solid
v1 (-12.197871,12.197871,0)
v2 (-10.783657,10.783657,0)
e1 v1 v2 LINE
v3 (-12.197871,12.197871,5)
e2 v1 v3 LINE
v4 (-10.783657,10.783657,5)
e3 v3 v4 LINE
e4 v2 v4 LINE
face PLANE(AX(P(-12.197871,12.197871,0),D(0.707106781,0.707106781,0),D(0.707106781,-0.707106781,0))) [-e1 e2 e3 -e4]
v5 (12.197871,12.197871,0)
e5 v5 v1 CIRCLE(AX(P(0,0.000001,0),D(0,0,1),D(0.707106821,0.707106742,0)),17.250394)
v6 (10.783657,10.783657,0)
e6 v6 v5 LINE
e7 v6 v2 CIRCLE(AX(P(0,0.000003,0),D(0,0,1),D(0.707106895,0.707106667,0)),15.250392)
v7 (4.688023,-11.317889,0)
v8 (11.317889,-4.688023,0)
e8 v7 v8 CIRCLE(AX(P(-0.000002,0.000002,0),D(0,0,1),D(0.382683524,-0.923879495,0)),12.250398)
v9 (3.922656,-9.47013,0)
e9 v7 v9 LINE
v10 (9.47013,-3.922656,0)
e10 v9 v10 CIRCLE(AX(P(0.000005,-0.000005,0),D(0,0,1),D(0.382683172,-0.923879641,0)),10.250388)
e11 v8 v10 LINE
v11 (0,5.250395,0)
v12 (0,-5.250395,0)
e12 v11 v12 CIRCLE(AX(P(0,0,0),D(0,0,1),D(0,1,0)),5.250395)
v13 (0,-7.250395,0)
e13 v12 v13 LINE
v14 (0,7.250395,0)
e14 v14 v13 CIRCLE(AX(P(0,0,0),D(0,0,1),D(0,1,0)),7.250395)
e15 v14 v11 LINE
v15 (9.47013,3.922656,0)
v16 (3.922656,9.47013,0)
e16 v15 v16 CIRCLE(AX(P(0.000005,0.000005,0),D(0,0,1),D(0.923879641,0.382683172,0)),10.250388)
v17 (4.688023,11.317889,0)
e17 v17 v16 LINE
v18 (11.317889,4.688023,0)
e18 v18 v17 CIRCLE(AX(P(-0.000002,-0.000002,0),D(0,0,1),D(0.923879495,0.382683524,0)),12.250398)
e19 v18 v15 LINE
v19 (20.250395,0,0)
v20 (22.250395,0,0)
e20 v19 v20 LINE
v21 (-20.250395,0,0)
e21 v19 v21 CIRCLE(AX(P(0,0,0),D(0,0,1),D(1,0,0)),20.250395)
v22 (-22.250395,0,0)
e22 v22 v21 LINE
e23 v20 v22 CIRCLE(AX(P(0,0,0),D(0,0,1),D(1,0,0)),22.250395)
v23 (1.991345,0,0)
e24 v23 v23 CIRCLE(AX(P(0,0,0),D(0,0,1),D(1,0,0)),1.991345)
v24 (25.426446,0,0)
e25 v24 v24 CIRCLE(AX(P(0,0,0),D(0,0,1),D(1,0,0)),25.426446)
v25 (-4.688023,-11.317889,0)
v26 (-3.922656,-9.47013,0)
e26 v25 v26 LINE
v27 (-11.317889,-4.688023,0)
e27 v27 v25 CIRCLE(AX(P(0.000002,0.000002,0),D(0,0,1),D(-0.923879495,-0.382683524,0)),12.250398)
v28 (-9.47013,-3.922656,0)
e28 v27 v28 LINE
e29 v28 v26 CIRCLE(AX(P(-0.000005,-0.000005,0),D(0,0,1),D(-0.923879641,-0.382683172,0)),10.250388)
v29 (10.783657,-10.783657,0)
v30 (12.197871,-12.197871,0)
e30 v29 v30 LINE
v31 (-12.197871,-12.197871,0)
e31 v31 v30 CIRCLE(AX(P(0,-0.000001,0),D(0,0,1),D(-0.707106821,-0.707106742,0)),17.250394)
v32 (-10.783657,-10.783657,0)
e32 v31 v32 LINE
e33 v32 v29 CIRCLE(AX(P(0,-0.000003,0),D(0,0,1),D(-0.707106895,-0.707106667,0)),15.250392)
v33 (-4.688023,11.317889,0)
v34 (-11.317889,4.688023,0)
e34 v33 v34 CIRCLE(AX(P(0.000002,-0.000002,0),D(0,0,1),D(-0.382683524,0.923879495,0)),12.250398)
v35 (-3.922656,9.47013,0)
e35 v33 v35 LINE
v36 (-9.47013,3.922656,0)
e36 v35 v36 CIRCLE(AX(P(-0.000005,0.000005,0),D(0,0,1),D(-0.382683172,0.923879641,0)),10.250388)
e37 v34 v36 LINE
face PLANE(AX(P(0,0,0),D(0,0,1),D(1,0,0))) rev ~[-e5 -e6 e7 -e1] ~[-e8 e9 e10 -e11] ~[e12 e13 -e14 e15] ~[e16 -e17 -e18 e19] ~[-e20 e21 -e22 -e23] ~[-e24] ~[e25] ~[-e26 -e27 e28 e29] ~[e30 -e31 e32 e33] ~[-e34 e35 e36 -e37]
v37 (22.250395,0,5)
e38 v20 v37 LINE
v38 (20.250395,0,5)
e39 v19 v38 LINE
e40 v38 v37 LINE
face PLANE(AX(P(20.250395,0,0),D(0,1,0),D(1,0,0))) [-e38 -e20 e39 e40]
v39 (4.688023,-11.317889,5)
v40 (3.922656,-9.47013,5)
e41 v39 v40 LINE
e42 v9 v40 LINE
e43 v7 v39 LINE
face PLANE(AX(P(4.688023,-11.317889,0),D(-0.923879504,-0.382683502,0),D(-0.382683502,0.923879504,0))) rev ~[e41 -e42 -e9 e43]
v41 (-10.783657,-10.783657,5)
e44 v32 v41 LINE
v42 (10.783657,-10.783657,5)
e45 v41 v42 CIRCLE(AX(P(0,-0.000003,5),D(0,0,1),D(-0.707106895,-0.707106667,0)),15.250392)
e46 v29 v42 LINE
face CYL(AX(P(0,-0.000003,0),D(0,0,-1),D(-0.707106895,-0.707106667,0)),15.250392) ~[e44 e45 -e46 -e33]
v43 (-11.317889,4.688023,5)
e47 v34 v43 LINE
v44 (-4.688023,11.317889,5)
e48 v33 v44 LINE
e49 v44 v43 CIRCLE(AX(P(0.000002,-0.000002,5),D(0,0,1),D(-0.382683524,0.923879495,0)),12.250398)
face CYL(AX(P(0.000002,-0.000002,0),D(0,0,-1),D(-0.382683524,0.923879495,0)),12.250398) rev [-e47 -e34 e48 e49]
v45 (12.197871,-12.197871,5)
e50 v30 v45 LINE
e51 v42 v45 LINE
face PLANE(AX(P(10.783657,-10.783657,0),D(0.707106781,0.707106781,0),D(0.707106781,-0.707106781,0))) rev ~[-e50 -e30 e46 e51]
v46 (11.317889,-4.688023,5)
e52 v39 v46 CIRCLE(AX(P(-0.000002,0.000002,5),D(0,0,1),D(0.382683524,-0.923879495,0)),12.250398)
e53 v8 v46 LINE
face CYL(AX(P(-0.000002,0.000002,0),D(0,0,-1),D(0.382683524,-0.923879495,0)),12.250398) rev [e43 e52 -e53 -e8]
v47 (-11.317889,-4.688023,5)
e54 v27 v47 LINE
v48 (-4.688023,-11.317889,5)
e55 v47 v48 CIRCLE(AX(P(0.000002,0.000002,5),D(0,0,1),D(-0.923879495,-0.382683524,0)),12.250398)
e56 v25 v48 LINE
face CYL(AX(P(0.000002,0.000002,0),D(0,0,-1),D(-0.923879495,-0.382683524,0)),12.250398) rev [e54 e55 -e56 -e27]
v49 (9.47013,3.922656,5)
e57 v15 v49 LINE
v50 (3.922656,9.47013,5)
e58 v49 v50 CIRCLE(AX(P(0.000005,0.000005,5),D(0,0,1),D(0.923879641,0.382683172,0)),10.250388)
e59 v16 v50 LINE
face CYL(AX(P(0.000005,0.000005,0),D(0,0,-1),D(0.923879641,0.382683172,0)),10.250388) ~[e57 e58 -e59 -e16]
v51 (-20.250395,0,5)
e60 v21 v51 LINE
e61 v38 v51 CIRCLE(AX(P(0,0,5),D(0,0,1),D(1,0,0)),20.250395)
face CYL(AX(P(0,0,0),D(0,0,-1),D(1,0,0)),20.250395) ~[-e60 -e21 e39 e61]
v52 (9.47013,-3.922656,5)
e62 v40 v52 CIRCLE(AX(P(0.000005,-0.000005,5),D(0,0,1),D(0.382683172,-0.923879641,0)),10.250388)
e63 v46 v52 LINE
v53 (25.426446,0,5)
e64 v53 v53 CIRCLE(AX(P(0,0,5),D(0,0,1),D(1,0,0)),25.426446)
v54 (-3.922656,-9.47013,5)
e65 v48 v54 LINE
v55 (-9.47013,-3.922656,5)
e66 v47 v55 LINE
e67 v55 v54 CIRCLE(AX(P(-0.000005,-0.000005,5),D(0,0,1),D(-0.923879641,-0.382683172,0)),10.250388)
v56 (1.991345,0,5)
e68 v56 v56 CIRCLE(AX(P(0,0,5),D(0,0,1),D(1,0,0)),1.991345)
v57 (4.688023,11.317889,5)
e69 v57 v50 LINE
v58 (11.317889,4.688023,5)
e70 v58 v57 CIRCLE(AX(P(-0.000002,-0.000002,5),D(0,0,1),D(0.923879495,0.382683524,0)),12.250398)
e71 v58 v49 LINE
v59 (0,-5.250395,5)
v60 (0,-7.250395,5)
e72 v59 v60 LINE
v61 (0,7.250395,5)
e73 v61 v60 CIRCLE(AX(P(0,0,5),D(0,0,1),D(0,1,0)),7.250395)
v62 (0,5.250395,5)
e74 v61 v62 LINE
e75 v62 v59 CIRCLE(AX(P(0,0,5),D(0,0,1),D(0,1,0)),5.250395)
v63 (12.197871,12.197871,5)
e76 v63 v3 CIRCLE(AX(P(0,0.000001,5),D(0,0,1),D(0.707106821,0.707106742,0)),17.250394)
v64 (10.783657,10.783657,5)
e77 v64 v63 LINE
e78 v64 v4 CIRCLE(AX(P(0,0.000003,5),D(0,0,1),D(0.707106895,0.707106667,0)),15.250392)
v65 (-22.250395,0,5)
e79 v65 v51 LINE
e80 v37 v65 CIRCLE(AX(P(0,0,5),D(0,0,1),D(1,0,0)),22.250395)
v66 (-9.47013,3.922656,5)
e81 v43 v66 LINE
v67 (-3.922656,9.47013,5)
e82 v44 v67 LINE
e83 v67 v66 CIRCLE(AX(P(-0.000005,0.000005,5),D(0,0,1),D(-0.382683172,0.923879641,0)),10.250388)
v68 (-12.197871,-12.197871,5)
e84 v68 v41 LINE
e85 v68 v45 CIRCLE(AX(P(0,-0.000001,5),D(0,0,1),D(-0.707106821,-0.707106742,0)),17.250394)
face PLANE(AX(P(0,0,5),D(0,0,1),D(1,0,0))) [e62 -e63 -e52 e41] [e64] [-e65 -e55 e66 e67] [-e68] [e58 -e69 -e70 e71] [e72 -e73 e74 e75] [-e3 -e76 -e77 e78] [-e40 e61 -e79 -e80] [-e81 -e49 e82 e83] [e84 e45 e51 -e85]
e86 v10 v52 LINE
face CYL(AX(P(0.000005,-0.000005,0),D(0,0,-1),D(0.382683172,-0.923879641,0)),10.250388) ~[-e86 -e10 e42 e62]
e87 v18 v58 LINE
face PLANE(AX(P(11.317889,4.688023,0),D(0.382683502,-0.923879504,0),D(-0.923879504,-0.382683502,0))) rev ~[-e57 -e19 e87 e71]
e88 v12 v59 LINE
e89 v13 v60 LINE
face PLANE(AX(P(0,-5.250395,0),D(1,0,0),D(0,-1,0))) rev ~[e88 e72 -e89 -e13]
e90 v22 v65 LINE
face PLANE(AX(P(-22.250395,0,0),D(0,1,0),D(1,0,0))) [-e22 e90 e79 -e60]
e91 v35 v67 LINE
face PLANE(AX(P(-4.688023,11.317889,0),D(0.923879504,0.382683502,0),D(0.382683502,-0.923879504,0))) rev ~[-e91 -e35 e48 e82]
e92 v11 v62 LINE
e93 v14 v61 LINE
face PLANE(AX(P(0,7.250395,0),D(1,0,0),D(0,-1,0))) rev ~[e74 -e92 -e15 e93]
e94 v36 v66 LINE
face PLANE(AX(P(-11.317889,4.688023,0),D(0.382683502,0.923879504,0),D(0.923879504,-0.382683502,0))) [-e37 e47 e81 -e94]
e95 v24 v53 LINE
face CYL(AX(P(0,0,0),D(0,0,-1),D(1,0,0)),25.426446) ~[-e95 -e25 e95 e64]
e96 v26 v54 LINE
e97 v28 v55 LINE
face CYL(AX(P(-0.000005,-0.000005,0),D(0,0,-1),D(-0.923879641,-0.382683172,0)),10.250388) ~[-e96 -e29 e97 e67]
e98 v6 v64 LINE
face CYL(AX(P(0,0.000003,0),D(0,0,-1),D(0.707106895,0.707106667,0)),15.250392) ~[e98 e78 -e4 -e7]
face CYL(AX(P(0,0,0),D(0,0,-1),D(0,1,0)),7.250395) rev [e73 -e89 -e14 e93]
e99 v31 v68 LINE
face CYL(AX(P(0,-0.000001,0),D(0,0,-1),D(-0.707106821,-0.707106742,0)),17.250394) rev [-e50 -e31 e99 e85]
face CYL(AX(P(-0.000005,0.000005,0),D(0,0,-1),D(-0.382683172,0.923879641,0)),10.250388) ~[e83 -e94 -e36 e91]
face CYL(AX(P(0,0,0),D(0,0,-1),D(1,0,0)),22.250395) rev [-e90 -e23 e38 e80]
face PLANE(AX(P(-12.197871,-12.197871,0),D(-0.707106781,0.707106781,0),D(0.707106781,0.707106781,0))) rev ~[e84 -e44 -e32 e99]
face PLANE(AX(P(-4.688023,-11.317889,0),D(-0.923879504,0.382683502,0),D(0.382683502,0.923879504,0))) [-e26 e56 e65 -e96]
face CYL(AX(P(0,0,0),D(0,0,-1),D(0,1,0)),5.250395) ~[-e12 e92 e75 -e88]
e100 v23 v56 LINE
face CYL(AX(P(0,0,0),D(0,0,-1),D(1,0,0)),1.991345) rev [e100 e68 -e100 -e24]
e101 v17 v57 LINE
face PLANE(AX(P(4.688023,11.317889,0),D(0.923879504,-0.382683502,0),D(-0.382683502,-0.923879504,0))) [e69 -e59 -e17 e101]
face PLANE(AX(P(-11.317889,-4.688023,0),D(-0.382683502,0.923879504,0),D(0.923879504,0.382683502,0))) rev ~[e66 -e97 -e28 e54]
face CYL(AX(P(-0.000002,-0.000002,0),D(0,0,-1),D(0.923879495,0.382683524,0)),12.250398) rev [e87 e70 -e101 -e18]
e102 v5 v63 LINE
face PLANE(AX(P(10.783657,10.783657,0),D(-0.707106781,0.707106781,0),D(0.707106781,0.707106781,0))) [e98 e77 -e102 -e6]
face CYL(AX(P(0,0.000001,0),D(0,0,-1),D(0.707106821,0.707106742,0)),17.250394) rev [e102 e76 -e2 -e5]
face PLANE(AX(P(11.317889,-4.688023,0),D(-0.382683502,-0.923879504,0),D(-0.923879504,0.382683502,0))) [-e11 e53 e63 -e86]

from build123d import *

# Parameters (mm, degrees)
SKETCH_R   = 25.426446
SKETCH_R_2 = 1.991345
PAD_DEPTH  = 5


with BuildPart() as part:
    # Sketch → Pad (new body)
    with BuildSketch(Plane.XY):
        Circle(SKETCH_R)
        Circle(SKETCH_R_2, mode=Mode.SUBTRACT)
        with BuildLine():
            Line((-22.250395, 0), (-20.250395, 0))
            ThreePointArc((20.250395, 0), (0, 20.250395), (-20.250395, 0))
            Line((20.250395, 0), (22.250395, 0))
            ThreePointArc((22.250395, 0), (0, 22.250395), (-22.250395, 0))
        make_face(mode=Mode.SUBTRACT)
        with BuildLine():
            ThreePointArc((12.197871, 12.197871), (0, 17.250395), (-12.197871, 12.197871))
            Line((-12.197871, 12.197871), (-10.783657, 10.783657))
            ThreePointArc((10.783657, 10.783657), (0, 15.250395), (-10.783657, 10.783657))
            Line((10.783657, 10.783657), (12.197871, 12.197871))
        make_face(mode=Mode.SUBTRACT)
        with BuildLine():
            Line((10.783657, -10.783657), (12.197871, -12.197871))
            ThreePointArc((-12.197871, -12.197871), (0, -17.250395), (12.197871, -12.197871))
            Line((-12.197871, -12.197871), (-10.783657, -10.783657))
            ThreePointArc((-10.783657, -10.783657), (0, -15.250395), (10.783657, -10.783657))
        make_face(mode=Mode.SUBTRACT)
        with BuildLine():
            ThreePointArc((-4.688023, 11.317889), (-8.662337, 8.662337), (-11.317889, 4.688023))
            Line((-11.317889, 4.688023), (-9.47013, 3.922656))
            ThreePointArc((-3.922656, 9.47013), (-7.248124, 7.248124), (-9.47013, 3.922656))
            Line((-4.688023, 11.317889), (-3.922656, 9.47013))
        make_face(mode=Mode.SUBTRACT)
        with BuildLine():
            ThreePointArc((11.317889, 4.688023), (8.662337, 8.662337), (4.688023, 11.317889))
            Line((4.688023, 11.317889), (3.922656, 9.47013))
            ThreePointArc((9.47013, 3.922656), (7.248124, 7.248124), (3.922656, 9.47013))
            Line((11.317889, 4.688023), (9.47013, 3.922656))
        make_face(mode=Mode.SUBTRACT)
        with BuildLine():
            ThreePointArc((-11.317889, -4.688023), (-8.662337, -8.662337), (-4.688023, -11.317889))
            Line((-4.688023, -11.317889), (-3.922656, -9.47013))
            ThreePointArc((-9.47013, -3.922656), (-7.248124, -7.248124), (-3.922656, -9.47013))
            Line((-11.317889, -4.688023), (-9.47013, -3.922656))
        make_face(mode=Mode.SUBTRACT)
        with BuildLine():
            ThreePointArc((3.922656, -9.47013), (7.248124, -7.248124), (9.47013, -3.922656))
            Line((11.317889, -4.688023), (9.47013, -3.922656))
            ThreePointArc((4.688023, -11.317889), (8.662337, -8.662337), (11.317889, -4.688023))
            Line((4.688023, -11.317889), (3.922656, -9.47013))
        make_face(mode=Mode.SUBTRACT)
        with BuildLine():
            ThreePointArc((0, 7.250395), (-7.250395, 0), (0, -7.250395))
            Line((0, -5.250395), (0, -7.250395))
            ThreePointArc((0, 5.250395), (-5.250395, 0), (0, -5.250395))
            Line((0, 7.250395), (0, 5.250395))
        make_face(mode=Mode.SUBTRACT)
    extrude(amount=PAD_DEPTH)


solid = part.part
